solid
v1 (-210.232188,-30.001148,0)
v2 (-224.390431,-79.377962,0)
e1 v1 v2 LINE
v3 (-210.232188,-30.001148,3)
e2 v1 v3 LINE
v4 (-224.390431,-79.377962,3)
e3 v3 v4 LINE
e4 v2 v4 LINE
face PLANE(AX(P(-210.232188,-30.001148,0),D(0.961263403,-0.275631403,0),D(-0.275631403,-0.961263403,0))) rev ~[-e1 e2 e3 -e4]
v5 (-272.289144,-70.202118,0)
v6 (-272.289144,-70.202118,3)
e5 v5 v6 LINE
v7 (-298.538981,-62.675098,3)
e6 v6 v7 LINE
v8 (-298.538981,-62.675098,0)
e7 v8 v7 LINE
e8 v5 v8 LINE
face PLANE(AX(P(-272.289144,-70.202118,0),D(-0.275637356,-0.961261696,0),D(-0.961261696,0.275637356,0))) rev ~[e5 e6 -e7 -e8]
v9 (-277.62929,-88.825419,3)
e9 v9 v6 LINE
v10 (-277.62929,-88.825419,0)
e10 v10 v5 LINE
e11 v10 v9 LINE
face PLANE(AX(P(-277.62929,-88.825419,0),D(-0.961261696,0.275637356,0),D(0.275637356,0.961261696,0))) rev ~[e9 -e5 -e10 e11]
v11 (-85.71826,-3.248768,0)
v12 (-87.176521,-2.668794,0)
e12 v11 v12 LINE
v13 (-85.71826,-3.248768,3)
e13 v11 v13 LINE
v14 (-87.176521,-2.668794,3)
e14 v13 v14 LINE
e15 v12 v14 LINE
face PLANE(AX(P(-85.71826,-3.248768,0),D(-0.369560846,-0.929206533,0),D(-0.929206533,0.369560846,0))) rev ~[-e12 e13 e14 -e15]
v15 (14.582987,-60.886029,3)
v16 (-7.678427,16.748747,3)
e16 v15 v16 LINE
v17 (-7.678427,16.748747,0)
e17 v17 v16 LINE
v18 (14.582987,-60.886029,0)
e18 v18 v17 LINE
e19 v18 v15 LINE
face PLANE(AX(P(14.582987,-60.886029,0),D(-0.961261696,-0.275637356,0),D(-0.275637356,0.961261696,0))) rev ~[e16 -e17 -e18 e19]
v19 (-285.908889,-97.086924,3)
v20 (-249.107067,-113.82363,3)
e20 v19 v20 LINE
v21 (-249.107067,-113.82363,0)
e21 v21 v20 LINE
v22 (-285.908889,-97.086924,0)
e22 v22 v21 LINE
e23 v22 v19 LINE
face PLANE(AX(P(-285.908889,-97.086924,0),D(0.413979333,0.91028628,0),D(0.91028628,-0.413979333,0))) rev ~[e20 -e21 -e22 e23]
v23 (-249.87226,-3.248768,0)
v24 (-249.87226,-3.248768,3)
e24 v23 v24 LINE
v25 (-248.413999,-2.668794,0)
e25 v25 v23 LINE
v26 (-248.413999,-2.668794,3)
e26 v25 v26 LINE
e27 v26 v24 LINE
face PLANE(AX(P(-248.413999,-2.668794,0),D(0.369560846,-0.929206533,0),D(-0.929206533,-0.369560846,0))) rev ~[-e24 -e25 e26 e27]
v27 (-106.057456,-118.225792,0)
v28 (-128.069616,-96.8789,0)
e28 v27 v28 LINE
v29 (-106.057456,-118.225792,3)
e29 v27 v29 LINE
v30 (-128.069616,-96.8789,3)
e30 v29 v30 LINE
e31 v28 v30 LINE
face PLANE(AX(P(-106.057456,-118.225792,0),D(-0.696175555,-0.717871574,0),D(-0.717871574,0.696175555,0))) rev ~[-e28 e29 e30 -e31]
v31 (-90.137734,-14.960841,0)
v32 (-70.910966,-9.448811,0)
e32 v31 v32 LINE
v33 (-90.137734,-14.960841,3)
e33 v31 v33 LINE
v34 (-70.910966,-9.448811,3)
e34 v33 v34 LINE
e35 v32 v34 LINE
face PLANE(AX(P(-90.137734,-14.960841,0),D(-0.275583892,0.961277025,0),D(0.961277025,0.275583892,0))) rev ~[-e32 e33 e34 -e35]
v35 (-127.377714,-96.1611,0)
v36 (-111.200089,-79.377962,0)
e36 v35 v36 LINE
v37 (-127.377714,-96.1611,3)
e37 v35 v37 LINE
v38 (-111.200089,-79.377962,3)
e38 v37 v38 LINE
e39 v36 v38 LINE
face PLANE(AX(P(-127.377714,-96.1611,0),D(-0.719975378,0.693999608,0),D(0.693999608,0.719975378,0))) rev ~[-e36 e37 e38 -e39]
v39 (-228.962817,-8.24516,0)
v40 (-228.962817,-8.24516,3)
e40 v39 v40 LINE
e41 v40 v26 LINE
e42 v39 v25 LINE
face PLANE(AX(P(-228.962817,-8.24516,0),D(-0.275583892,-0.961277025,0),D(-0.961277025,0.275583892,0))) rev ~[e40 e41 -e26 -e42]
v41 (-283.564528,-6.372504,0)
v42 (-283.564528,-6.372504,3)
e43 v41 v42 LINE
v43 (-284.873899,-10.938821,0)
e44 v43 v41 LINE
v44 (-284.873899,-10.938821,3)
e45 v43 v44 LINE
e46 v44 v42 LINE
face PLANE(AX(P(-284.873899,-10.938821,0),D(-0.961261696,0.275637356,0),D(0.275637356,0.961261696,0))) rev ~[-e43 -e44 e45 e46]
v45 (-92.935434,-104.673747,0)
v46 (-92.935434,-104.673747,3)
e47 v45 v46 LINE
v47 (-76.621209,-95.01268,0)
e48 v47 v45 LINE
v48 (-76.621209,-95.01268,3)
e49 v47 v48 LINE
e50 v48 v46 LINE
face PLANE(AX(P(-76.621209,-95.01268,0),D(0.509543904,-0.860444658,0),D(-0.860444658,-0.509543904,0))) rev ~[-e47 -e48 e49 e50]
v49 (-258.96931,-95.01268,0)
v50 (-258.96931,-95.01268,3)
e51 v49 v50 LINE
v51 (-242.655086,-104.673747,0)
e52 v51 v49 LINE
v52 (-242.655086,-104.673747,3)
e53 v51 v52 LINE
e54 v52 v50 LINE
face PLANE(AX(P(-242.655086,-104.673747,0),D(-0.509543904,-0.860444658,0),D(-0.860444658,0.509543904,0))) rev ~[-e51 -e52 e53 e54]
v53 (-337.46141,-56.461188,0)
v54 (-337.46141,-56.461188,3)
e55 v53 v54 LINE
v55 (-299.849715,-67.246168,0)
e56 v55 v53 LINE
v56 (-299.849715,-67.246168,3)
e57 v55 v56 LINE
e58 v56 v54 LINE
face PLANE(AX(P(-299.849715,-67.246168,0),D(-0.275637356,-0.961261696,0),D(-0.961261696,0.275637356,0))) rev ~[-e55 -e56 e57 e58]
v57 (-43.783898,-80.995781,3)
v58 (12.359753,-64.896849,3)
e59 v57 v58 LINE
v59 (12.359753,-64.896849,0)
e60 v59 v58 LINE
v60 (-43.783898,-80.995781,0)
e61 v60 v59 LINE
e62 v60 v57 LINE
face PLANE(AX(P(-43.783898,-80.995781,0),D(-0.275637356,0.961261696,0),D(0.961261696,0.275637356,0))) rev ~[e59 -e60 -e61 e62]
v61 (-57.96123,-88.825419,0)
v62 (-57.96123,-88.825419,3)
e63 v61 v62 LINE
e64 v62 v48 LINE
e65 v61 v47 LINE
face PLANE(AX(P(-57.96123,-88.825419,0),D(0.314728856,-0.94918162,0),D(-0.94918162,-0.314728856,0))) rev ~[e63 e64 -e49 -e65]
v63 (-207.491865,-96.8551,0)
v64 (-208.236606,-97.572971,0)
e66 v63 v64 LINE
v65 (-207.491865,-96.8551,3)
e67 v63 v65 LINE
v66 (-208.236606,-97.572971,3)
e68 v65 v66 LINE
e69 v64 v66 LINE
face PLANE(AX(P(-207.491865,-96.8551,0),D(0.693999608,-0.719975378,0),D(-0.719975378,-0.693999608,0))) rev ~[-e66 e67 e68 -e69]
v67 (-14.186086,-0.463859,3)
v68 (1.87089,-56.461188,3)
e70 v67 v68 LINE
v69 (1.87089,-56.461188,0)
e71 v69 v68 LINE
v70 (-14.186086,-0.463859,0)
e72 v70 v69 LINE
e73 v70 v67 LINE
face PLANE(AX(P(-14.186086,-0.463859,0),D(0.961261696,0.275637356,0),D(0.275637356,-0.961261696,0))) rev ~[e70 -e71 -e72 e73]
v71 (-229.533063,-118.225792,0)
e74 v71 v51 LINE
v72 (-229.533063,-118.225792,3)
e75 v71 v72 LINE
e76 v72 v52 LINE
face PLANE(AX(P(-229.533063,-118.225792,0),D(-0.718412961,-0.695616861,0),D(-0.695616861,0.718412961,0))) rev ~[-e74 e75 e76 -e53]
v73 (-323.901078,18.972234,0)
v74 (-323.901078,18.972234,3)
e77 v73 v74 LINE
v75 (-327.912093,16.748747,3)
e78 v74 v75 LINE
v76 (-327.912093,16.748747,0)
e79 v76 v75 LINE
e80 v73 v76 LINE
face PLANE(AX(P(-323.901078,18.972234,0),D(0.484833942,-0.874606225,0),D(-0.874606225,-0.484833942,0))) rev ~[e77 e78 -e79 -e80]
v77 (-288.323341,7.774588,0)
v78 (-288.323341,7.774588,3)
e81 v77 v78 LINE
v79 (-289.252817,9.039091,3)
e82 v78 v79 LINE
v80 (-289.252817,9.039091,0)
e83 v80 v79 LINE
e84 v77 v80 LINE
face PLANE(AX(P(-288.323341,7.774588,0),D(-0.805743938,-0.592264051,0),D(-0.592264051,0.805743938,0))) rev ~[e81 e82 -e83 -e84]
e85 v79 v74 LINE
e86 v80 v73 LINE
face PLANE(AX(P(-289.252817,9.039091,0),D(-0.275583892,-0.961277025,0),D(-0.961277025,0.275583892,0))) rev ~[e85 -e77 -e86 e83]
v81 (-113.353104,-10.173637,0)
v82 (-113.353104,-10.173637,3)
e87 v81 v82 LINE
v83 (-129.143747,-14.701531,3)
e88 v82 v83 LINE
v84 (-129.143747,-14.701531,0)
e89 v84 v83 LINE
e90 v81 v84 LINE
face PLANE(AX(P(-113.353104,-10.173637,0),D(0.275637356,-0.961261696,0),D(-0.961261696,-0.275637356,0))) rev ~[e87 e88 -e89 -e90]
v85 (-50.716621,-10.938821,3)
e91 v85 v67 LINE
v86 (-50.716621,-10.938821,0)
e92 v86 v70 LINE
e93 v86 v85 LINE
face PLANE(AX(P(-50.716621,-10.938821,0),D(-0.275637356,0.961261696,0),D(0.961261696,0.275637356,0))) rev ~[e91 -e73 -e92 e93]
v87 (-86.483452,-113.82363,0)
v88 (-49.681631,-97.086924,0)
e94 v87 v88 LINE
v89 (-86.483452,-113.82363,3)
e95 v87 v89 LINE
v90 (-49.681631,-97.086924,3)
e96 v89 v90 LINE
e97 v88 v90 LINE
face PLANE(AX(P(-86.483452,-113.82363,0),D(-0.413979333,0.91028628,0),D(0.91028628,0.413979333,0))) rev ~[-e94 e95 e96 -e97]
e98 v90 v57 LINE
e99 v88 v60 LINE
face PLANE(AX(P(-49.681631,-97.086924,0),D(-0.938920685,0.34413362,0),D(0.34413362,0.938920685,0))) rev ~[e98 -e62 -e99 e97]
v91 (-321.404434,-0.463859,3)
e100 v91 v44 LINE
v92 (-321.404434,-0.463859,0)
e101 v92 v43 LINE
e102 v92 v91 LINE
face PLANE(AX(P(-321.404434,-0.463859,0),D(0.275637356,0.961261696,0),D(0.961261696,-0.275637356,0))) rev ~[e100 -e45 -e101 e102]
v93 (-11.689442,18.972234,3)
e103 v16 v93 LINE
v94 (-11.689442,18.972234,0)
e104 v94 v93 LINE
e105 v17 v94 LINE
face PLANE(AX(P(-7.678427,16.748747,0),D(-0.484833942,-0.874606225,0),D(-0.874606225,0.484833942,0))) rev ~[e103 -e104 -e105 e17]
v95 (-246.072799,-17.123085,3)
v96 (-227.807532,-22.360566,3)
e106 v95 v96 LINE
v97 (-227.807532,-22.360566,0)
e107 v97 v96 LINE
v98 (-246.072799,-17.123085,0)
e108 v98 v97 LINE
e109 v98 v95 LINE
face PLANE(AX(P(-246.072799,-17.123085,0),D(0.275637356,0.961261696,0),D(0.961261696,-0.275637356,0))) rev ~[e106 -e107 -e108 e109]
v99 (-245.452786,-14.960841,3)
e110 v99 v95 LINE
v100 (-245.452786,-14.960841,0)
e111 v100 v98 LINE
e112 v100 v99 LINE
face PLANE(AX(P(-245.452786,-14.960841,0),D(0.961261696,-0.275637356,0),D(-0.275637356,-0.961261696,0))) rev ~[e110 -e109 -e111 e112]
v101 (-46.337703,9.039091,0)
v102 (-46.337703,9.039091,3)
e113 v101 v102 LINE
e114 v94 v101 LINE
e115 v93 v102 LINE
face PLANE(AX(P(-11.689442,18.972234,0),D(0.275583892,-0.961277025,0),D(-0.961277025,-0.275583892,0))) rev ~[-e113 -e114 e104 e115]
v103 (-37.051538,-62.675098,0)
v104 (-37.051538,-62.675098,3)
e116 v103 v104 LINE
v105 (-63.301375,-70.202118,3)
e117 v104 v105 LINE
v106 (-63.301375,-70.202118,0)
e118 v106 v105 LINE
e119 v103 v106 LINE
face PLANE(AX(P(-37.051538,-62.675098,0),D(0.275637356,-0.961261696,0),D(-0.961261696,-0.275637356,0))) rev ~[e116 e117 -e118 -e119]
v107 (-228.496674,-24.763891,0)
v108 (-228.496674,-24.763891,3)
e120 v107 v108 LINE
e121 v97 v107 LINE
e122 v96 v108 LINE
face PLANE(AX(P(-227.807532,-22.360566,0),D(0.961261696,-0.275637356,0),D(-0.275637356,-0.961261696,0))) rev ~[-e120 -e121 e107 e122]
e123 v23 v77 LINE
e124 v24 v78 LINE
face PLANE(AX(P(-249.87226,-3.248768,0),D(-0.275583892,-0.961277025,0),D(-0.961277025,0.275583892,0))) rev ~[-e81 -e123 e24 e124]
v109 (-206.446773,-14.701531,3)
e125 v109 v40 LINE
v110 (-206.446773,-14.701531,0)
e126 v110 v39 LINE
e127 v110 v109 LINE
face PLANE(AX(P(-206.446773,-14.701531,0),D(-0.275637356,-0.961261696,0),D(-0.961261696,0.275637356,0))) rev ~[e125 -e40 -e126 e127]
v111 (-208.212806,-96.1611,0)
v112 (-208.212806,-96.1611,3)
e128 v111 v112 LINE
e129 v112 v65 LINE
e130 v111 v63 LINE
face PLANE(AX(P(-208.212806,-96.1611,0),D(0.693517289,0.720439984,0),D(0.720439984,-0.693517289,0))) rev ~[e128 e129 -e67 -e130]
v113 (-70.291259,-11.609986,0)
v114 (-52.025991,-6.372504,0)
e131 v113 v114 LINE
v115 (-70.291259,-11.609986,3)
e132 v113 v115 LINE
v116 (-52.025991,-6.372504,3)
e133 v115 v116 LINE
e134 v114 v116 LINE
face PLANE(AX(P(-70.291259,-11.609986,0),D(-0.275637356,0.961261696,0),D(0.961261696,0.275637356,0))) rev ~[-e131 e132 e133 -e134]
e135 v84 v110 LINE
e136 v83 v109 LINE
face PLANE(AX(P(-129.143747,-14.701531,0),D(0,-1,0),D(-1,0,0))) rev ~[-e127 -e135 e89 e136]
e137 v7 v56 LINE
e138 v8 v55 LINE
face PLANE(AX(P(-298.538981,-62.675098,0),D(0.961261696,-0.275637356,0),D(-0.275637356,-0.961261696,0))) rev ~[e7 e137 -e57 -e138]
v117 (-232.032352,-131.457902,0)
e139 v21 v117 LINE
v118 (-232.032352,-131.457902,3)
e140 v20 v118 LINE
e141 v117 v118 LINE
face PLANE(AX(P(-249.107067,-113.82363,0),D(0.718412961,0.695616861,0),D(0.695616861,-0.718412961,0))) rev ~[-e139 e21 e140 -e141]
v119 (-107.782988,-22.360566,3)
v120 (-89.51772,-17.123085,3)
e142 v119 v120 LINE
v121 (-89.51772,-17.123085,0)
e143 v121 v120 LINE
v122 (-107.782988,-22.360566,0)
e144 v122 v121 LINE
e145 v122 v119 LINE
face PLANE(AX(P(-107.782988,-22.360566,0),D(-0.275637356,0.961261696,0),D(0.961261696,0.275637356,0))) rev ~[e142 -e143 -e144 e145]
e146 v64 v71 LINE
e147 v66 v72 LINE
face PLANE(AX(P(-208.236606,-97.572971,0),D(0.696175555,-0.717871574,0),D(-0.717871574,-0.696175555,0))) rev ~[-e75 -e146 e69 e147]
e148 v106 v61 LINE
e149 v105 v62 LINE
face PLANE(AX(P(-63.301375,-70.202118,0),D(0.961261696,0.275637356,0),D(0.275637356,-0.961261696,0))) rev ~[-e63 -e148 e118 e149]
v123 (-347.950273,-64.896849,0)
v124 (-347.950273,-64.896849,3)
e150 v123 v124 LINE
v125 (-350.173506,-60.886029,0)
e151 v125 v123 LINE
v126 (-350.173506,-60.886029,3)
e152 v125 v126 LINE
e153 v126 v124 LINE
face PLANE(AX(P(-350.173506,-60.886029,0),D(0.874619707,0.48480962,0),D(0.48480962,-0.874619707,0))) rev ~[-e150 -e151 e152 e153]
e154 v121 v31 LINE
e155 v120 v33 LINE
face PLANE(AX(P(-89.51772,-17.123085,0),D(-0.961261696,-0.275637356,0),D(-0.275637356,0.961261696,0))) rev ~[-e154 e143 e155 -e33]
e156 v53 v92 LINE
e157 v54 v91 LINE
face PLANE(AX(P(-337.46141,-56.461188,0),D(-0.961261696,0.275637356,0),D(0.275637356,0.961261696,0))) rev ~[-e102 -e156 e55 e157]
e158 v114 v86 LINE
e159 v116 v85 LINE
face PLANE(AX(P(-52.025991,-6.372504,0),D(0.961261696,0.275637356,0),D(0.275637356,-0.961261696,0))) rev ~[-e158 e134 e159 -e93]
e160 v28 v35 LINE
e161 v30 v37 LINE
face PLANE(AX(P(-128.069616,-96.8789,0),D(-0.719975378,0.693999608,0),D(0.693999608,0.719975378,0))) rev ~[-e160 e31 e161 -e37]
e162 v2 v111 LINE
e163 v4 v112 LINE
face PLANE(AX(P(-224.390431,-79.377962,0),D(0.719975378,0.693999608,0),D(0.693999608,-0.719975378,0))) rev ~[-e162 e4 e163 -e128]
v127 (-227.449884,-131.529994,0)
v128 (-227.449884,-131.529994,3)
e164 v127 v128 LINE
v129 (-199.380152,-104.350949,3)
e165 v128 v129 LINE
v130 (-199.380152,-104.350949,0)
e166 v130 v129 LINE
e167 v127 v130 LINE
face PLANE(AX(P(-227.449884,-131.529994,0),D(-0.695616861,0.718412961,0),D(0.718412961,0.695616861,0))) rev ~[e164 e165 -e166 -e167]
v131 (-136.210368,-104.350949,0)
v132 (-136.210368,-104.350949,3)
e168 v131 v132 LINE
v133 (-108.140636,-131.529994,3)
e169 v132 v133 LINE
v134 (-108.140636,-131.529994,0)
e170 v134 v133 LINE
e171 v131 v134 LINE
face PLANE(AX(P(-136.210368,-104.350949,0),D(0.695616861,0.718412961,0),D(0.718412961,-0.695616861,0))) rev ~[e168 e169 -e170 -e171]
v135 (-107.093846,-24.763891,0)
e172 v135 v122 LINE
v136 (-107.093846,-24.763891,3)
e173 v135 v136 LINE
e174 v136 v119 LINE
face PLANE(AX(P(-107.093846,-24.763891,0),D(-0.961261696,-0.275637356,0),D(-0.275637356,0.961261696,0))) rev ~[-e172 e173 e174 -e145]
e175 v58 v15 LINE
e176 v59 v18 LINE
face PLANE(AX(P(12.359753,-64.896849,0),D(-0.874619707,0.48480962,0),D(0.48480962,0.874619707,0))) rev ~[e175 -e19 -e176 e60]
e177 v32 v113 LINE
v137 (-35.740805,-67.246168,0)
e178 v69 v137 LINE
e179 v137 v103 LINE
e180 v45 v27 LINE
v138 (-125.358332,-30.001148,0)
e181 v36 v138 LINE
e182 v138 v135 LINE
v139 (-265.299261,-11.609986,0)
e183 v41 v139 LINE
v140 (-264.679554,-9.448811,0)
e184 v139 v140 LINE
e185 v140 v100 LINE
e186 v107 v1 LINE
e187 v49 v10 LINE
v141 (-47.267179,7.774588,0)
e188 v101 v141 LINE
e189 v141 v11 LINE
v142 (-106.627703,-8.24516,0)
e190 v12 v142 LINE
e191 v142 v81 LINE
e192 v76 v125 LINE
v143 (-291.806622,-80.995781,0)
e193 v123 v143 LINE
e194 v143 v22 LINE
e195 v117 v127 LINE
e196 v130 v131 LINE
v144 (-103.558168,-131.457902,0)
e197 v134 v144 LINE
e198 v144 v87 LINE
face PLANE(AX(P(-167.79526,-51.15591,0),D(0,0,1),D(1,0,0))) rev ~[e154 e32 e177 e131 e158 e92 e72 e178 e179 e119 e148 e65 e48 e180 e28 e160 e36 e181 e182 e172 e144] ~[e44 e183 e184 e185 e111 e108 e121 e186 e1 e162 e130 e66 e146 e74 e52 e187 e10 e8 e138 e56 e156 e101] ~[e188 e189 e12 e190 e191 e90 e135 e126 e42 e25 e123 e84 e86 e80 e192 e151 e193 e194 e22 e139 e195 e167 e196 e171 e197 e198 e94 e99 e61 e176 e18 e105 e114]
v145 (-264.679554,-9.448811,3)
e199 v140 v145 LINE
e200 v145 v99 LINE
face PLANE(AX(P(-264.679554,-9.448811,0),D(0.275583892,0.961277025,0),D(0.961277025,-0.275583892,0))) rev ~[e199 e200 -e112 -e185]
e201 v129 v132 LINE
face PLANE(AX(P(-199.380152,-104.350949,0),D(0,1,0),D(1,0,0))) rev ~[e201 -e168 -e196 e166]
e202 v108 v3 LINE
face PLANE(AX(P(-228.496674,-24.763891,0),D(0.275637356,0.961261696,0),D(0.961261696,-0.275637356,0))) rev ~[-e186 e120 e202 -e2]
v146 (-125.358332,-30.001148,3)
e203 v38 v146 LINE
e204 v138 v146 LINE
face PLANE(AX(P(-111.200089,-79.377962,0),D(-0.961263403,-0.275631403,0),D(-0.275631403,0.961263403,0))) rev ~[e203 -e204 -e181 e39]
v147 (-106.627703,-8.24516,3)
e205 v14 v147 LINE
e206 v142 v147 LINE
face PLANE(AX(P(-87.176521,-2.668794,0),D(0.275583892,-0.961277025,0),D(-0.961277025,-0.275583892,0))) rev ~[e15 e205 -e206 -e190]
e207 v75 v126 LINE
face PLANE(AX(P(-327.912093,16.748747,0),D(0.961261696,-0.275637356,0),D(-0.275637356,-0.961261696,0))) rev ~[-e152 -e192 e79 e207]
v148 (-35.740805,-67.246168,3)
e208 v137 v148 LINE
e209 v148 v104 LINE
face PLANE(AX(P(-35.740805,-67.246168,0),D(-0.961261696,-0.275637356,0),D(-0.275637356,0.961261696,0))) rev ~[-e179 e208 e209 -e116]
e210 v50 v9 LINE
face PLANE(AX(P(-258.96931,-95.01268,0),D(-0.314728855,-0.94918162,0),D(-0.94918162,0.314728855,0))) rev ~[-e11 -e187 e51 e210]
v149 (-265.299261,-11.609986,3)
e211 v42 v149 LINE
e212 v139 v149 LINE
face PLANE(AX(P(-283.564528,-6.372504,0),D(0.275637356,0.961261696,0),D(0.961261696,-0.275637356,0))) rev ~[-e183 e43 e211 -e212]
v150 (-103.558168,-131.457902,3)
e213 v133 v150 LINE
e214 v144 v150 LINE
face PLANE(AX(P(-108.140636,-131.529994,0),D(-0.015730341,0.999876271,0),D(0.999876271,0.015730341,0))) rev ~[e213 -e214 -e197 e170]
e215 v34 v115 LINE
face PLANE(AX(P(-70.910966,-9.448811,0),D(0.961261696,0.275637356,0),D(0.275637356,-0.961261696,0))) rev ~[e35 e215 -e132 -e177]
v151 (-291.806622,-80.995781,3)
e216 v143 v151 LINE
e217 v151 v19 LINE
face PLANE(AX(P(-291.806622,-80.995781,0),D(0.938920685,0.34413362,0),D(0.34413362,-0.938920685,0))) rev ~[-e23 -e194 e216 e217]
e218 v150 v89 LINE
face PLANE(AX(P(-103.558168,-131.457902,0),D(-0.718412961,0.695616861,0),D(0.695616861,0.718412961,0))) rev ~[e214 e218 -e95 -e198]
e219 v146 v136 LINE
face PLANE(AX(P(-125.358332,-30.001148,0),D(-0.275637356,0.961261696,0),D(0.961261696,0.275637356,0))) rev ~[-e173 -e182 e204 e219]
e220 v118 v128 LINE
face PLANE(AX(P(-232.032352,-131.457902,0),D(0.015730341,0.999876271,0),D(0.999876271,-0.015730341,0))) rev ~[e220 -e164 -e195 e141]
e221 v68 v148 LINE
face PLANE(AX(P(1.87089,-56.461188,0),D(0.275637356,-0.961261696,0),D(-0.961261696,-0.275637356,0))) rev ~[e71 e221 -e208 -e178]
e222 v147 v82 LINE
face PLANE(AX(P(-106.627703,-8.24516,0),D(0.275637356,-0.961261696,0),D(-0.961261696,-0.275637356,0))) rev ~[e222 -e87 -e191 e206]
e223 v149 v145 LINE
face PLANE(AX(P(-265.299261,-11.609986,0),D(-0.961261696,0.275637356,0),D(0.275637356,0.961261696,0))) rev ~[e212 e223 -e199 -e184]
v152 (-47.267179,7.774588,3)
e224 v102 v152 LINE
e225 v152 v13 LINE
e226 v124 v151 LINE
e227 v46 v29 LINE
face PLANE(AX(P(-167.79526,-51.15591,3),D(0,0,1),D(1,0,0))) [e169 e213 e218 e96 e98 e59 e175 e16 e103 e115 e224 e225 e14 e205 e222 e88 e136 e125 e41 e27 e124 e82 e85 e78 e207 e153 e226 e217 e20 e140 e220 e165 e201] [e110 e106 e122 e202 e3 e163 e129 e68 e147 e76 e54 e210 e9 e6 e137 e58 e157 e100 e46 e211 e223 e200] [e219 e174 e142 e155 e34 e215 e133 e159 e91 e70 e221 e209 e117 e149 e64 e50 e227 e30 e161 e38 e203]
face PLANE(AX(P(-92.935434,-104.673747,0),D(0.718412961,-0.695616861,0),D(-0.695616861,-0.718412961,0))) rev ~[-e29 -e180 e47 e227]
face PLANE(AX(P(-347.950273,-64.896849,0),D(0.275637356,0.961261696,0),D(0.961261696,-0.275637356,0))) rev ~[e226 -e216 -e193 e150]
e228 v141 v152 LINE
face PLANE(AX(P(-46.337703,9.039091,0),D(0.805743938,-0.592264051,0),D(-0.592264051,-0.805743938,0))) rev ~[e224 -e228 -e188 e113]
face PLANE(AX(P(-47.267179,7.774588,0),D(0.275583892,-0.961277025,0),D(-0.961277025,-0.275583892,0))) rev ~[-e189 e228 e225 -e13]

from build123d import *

# Parameters (mm, degrees)
BOSS_EXTRU_1_DEPTH = 3


with BuildPart() as part:
    # Esquisse1 → Boss.-Extru.1 (new body)
    with BuildSketch(Plane.XY):
        Polygon((-113.35310374, -10.173637327), (-129.143746737, -14.701531345), (-206.446773007, -14.701531345), (-222.237416003, -10.173637327), (-228.962816583, -8.245159743), (-248.413999189, -2.668793647), (-249.872259625, -3.248768002), (-288.323340616, 7.774587685), (-289.252816682, 9.039090747), (-323.901077775, 18.972234266), (-327.912092601, 16.748746626), (-350.173506381, -60.88602933), (-347.950273, -64.896848521), (-291.80662177, -80.995781451), (-285.908889082, -97.08692424), (-249.107067355, -113.823629959), (-232.032352152, -131.457901649), (-227.449883961, -131.529994355), (-199.380152195, -104.350948678), (-136.210367548, -104.350948678), (-108.140635782, -131.529994355), (-103.558167591, -131.457901649), (-86.483452388, -113.823629959), (-49.681630661, -97.08692424), (-43.783897973, -80.995781451), (12.359753257, -64.896848521), (14.582986638, -60.88602933), (-7.678427142, 16.748746626), (-11.689441968, 18.972234266), (-46.337703061, 9.039090747), (-47.267179127, 7.774587685), (-85.718260118, -3.248768002), (-87.176520554, -2.668793647), (-106.62770316, -8.245159743), align=None)
        Polygon((-210.232188047, -30.001147656), (-224.390430785, -79.377961929), (-208.212806214, -96.161100182), (-207.491865187, -96.85509979), (-208.236606037, -97.572971364), (-229.533063287, -118.225792128), (-242.655085998, -104.673746846), (-258.969310369, -95.012679745), (-277.629290011, -88.825419148), (-272.289144354, -70.202118055), (-298.538981418, -62.6750984), (-299.849714513, -67.246167925), (-337.461409717, -56.461187875), (-321.404434006, -0.463858857), (-284.873898651, -10.938821309), (-283.564528345, -6.372504389), (-265.299260667, -11.609985616), (-264.679553884, -9.448811229), (-245.452786066, -14.960840928), (-246.072799476, -17.123084647), (-227.807531798, -22.360565873), (-228.496674065, -24.763890567), align=None, mode=Mode.SUBTRACT)
        Polygon((-106.057456456, -118.225792128), (-128.0696158, -96.878899722), (-127.377713529, -96.161100182), (-111.200088958, -79.377961929), (-125.358331696, -30.001147656), (-107.093845678, -24.763890567), (-107.782987945, -22.360565873), (-89.517720268, -17.123084647), (-90.137733677, -14.960840928), (-70.910965859, -9.448811229), (-70.291259076, -11.609985616), (-52.025991399, -6.372504389), (-50.716621092, -10.938821309), (-14.186085737, -0.463858857), (1.870889973, -56.461187875), (-35.740805231, -67.246167925), (-37.051538325, -62.6750984), (-63.301375389, -70.202118055), (-57.961229733, -88.825419148), (-76.621209374, -95.012679745), (-92.935433745, -104.673746846), align=None, mode=Mode.SUBTRACT)
    extrude(amount=BOSS_EXTRU_1_DEPTH)


solid = part.part
